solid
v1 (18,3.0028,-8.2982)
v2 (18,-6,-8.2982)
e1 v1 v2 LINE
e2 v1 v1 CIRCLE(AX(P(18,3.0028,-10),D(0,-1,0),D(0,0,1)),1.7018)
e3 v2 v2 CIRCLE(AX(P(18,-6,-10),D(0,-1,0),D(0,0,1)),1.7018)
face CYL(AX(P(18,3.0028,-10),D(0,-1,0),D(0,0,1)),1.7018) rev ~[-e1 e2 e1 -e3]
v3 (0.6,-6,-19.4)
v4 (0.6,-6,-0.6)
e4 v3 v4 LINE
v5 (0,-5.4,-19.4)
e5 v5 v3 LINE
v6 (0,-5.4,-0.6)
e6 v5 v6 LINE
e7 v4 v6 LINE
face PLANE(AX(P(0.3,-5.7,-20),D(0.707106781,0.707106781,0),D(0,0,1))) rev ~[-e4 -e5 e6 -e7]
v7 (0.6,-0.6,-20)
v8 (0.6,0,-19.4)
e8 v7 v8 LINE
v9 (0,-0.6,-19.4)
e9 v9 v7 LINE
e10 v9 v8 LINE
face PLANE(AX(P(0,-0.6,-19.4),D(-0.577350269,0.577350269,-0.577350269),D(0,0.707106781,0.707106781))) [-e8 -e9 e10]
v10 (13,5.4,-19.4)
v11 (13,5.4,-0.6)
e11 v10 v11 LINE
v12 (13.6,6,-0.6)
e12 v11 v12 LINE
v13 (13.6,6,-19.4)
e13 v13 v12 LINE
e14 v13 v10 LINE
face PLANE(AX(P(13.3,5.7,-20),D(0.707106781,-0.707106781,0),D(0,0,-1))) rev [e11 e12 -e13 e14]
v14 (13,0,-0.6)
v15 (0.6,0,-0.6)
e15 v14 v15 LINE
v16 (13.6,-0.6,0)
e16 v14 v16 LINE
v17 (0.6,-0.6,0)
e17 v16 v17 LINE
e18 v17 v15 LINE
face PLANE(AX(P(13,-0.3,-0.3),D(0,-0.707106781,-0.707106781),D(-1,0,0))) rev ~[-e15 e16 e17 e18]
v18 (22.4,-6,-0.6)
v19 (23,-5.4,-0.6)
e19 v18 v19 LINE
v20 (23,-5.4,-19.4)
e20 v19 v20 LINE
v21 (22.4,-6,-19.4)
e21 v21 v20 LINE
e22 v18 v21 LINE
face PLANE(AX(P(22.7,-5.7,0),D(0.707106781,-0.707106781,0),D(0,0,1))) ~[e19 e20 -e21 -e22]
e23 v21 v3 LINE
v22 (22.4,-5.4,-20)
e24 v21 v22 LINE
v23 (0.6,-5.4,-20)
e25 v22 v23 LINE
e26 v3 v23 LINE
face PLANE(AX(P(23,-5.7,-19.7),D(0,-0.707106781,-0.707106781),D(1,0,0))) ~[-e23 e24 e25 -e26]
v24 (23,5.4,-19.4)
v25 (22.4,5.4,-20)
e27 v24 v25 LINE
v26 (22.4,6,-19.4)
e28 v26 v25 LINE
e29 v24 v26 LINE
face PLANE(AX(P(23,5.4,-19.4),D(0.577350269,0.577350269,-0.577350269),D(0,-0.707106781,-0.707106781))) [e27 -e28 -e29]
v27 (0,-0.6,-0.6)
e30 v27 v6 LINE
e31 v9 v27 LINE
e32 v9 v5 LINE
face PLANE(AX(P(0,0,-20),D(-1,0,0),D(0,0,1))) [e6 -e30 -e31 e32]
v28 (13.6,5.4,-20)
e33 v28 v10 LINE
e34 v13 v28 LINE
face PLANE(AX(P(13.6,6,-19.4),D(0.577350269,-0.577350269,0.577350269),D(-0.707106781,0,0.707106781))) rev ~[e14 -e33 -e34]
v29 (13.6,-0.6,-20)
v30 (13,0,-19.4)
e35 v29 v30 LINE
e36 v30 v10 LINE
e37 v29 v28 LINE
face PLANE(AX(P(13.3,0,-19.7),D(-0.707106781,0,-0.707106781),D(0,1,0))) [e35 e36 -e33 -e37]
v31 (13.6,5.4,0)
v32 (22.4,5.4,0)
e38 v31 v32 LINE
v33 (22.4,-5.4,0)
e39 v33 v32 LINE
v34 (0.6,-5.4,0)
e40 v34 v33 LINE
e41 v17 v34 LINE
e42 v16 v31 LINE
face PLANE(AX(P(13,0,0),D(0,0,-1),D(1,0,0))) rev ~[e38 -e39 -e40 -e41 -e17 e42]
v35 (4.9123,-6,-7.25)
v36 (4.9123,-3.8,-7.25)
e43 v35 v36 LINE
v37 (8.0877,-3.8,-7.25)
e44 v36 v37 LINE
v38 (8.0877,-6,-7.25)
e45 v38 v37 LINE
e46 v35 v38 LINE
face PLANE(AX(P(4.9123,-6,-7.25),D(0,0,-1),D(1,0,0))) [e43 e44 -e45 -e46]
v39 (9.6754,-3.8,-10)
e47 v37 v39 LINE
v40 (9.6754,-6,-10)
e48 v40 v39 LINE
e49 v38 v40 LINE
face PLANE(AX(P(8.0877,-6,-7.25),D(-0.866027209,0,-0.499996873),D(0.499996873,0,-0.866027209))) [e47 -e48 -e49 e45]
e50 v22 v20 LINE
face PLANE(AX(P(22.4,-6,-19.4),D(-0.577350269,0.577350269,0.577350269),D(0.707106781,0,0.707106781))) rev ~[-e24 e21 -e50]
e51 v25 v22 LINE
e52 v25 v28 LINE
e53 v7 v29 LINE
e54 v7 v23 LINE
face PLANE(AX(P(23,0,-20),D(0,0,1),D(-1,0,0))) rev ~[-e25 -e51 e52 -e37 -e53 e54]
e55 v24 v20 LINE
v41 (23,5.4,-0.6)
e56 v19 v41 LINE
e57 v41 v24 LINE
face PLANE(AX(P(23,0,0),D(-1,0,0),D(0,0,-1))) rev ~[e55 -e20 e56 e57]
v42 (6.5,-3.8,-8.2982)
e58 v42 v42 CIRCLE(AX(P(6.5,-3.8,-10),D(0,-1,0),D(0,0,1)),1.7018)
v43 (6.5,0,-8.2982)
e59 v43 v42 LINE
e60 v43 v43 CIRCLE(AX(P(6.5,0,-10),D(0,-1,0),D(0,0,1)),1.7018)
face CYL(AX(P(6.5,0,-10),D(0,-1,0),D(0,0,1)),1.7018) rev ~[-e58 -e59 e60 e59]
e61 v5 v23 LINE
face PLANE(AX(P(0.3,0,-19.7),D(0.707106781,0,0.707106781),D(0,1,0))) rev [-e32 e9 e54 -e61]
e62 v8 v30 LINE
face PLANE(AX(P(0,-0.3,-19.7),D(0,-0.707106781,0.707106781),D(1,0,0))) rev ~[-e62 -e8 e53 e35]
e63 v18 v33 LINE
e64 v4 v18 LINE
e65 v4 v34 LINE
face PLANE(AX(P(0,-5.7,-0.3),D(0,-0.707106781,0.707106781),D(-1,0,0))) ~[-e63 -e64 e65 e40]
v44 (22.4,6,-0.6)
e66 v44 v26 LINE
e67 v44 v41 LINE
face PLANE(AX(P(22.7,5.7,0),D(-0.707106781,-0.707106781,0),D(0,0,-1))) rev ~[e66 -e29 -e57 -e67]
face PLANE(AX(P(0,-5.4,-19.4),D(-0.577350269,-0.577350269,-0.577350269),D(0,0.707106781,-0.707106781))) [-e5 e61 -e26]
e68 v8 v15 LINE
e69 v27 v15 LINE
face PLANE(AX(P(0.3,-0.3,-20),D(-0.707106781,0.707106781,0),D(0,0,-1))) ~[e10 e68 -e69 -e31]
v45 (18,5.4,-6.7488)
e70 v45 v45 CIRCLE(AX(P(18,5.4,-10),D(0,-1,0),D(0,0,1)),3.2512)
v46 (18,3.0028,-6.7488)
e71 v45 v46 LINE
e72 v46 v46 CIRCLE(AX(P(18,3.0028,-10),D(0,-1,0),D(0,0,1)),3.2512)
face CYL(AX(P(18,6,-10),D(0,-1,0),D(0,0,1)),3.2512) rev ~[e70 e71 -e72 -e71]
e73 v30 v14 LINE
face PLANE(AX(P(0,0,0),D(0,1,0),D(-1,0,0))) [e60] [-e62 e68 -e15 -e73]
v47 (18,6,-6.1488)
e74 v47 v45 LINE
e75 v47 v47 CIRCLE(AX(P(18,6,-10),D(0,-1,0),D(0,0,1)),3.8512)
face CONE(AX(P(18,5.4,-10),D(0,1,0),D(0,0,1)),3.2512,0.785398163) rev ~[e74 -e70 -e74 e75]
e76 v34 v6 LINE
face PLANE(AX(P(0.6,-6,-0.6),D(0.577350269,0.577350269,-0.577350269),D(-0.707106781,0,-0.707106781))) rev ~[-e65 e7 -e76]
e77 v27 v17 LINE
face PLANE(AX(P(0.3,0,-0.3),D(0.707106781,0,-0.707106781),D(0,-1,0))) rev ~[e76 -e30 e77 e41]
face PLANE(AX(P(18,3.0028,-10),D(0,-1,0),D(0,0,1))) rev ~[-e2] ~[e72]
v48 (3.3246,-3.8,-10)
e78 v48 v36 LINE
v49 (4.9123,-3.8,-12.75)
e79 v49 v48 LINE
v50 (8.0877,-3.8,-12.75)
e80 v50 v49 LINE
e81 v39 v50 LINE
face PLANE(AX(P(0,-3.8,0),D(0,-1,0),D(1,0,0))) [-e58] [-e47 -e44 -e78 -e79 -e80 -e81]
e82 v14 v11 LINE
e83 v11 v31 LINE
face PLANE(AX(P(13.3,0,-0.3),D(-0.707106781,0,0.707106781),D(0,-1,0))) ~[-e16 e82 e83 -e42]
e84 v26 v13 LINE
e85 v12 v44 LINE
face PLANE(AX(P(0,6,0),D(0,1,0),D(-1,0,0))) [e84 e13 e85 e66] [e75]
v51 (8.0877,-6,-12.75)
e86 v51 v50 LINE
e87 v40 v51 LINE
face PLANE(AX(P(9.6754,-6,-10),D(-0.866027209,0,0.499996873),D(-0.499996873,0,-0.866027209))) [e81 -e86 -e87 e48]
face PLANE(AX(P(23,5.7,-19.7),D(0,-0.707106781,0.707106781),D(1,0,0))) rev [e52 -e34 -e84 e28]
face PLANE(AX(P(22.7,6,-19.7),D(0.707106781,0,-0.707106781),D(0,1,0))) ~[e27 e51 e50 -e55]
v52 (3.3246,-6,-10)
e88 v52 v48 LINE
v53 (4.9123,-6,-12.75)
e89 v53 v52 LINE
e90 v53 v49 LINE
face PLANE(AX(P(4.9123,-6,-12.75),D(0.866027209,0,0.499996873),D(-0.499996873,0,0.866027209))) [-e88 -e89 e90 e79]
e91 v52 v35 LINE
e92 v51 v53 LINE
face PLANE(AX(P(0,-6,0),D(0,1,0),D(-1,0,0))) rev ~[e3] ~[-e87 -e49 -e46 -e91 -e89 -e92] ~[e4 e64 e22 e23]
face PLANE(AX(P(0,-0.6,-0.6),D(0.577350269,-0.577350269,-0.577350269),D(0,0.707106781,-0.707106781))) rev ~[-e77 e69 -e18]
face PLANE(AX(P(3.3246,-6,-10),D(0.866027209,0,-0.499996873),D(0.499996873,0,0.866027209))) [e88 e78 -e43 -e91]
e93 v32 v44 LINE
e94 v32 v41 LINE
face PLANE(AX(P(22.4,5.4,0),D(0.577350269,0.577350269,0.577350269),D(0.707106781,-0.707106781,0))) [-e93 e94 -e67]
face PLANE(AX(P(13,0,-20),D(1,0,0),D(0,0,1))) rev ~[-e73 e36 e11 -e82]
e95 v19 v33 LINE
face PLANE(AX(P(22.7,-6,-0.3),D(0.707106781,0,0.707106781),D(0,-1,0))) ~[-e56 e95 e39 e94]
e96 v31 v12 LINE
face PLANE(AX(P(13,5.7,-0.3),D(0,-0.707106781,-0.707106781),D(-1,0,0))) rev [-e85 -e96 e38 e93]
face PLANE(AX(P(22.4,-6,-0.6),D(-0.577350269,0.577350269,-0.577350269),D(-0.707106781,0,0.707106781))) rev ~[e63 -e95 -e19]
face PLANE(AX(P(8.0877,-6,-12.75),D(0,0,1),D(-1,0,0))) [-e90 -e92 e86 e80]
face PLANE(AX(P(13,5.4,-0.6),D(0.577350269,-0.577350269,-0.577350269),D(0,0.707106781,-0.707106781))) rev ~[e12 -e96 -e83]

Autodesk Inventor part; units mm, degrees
ref_plane "YZ Plane" through (0, 0, 0) normal (1, 0, 0) x (0, 1, 0)
ref_plane "XZ Plane" through (0, 0, 0) normal (0, 1, 0) x (-1, 0, 0)
ref_plane "XY Plane" through (0, 0, 0) normal (0, 0, 1) x (1, 0, 0)
sketch "Sketch1" plane through (0, 0, 0) normal (0, 1, 0) x (-1, 0, 0)
  line L0 (0, 0) -> (-23, 0)
  line L1 (-23, 0) -> (-23, -20)
  line L2 (-23, -20) -> (0, -20)
  line L3 (0, -20) -> (0, 0)
  line L4 (-13, -20) -> (-13, 0)
  point P0 (-18, -10)
  point P1 (-23, -10)
  point P2 (-6.5, -10)
  point P3 (0, -10)
  dimension "d0" = 20
  dimension "d5" = 13
  dimension "d7" = 5
  dimension "d8" = 5
  dimension "d25" = 6.5
extrude "Extrusion1" add sketch "Sketch1" against normal blind 6
hole "Hole2" at (6.5, 0, -10) direction (0, -1, 0) diameter 3.4036 end through all clearance for "Socket Head Cap Screw" size "M3" standard "Ansi Metric M Profile"
sketch "Sketch3" plane through (0, -6, 0) normal (0, -1, 0) x (1, 0, 0)
  circle A0 centre (6.5, -10) radius 1.7018 construction
  line L0 (9.6754, -10) -> (8.0877, -12.75)
  line L1 (8.0877, -12.75) -> (4.9123, -12.75)
  line L2 (4.9123, -12.75) -> (3.3246, -10)
  line L3 (3.3246, -10) -> (4.9123, -7.25)
  line L4 (4.9123, -7.25) -> (8.0877, -7.25)
  line L5 (8.0877, -7.25) -> (9.6754, -10)
  dimension "d33" = 5.5
extrude "Extrusion4" cut sketch "Sketch3" against normal blind 2.2
extrude "Extrusion2" add sketch "Sketch1" along normal blind 6 contours L4 L2 L1 L0
sketch "Sketch2" plane through (0, 6, 0) normal (0, 1, 0) x (1, 0, 0)
  point P0 (18, 10)
hole "Hole1" at (18, 6, -10) direction (0, -1, 0) diameter 3.4036 end through all counterbore diameter 6.5024 counterbore depth 2.9972 clearance for "Socket Head Cap Screw" size "M3" standard "Ansi Metric M Profile"
chamfer "Chamfer1" distance 0.6 angle 45 18 edges at (6.5, 0, -20) (13, 3, -20) (18, 6, -20) (23, 6, -10) (18, 6, 0) (13, 3, 0) (6.5, 0, 0) (0, -3, 0) (23, 0, 0) (23, 0, -20) (11.5, -6, -20) (23, -6, -10) (11.5, -6, 0) (0, -6, -10) (0, -3, -20) (18, 6, -13.2512) (0, 0, -10) (13, 6, -10)
equation "\"d8\" = d7"
equation "\"d25\" = 0.5 * d5"
